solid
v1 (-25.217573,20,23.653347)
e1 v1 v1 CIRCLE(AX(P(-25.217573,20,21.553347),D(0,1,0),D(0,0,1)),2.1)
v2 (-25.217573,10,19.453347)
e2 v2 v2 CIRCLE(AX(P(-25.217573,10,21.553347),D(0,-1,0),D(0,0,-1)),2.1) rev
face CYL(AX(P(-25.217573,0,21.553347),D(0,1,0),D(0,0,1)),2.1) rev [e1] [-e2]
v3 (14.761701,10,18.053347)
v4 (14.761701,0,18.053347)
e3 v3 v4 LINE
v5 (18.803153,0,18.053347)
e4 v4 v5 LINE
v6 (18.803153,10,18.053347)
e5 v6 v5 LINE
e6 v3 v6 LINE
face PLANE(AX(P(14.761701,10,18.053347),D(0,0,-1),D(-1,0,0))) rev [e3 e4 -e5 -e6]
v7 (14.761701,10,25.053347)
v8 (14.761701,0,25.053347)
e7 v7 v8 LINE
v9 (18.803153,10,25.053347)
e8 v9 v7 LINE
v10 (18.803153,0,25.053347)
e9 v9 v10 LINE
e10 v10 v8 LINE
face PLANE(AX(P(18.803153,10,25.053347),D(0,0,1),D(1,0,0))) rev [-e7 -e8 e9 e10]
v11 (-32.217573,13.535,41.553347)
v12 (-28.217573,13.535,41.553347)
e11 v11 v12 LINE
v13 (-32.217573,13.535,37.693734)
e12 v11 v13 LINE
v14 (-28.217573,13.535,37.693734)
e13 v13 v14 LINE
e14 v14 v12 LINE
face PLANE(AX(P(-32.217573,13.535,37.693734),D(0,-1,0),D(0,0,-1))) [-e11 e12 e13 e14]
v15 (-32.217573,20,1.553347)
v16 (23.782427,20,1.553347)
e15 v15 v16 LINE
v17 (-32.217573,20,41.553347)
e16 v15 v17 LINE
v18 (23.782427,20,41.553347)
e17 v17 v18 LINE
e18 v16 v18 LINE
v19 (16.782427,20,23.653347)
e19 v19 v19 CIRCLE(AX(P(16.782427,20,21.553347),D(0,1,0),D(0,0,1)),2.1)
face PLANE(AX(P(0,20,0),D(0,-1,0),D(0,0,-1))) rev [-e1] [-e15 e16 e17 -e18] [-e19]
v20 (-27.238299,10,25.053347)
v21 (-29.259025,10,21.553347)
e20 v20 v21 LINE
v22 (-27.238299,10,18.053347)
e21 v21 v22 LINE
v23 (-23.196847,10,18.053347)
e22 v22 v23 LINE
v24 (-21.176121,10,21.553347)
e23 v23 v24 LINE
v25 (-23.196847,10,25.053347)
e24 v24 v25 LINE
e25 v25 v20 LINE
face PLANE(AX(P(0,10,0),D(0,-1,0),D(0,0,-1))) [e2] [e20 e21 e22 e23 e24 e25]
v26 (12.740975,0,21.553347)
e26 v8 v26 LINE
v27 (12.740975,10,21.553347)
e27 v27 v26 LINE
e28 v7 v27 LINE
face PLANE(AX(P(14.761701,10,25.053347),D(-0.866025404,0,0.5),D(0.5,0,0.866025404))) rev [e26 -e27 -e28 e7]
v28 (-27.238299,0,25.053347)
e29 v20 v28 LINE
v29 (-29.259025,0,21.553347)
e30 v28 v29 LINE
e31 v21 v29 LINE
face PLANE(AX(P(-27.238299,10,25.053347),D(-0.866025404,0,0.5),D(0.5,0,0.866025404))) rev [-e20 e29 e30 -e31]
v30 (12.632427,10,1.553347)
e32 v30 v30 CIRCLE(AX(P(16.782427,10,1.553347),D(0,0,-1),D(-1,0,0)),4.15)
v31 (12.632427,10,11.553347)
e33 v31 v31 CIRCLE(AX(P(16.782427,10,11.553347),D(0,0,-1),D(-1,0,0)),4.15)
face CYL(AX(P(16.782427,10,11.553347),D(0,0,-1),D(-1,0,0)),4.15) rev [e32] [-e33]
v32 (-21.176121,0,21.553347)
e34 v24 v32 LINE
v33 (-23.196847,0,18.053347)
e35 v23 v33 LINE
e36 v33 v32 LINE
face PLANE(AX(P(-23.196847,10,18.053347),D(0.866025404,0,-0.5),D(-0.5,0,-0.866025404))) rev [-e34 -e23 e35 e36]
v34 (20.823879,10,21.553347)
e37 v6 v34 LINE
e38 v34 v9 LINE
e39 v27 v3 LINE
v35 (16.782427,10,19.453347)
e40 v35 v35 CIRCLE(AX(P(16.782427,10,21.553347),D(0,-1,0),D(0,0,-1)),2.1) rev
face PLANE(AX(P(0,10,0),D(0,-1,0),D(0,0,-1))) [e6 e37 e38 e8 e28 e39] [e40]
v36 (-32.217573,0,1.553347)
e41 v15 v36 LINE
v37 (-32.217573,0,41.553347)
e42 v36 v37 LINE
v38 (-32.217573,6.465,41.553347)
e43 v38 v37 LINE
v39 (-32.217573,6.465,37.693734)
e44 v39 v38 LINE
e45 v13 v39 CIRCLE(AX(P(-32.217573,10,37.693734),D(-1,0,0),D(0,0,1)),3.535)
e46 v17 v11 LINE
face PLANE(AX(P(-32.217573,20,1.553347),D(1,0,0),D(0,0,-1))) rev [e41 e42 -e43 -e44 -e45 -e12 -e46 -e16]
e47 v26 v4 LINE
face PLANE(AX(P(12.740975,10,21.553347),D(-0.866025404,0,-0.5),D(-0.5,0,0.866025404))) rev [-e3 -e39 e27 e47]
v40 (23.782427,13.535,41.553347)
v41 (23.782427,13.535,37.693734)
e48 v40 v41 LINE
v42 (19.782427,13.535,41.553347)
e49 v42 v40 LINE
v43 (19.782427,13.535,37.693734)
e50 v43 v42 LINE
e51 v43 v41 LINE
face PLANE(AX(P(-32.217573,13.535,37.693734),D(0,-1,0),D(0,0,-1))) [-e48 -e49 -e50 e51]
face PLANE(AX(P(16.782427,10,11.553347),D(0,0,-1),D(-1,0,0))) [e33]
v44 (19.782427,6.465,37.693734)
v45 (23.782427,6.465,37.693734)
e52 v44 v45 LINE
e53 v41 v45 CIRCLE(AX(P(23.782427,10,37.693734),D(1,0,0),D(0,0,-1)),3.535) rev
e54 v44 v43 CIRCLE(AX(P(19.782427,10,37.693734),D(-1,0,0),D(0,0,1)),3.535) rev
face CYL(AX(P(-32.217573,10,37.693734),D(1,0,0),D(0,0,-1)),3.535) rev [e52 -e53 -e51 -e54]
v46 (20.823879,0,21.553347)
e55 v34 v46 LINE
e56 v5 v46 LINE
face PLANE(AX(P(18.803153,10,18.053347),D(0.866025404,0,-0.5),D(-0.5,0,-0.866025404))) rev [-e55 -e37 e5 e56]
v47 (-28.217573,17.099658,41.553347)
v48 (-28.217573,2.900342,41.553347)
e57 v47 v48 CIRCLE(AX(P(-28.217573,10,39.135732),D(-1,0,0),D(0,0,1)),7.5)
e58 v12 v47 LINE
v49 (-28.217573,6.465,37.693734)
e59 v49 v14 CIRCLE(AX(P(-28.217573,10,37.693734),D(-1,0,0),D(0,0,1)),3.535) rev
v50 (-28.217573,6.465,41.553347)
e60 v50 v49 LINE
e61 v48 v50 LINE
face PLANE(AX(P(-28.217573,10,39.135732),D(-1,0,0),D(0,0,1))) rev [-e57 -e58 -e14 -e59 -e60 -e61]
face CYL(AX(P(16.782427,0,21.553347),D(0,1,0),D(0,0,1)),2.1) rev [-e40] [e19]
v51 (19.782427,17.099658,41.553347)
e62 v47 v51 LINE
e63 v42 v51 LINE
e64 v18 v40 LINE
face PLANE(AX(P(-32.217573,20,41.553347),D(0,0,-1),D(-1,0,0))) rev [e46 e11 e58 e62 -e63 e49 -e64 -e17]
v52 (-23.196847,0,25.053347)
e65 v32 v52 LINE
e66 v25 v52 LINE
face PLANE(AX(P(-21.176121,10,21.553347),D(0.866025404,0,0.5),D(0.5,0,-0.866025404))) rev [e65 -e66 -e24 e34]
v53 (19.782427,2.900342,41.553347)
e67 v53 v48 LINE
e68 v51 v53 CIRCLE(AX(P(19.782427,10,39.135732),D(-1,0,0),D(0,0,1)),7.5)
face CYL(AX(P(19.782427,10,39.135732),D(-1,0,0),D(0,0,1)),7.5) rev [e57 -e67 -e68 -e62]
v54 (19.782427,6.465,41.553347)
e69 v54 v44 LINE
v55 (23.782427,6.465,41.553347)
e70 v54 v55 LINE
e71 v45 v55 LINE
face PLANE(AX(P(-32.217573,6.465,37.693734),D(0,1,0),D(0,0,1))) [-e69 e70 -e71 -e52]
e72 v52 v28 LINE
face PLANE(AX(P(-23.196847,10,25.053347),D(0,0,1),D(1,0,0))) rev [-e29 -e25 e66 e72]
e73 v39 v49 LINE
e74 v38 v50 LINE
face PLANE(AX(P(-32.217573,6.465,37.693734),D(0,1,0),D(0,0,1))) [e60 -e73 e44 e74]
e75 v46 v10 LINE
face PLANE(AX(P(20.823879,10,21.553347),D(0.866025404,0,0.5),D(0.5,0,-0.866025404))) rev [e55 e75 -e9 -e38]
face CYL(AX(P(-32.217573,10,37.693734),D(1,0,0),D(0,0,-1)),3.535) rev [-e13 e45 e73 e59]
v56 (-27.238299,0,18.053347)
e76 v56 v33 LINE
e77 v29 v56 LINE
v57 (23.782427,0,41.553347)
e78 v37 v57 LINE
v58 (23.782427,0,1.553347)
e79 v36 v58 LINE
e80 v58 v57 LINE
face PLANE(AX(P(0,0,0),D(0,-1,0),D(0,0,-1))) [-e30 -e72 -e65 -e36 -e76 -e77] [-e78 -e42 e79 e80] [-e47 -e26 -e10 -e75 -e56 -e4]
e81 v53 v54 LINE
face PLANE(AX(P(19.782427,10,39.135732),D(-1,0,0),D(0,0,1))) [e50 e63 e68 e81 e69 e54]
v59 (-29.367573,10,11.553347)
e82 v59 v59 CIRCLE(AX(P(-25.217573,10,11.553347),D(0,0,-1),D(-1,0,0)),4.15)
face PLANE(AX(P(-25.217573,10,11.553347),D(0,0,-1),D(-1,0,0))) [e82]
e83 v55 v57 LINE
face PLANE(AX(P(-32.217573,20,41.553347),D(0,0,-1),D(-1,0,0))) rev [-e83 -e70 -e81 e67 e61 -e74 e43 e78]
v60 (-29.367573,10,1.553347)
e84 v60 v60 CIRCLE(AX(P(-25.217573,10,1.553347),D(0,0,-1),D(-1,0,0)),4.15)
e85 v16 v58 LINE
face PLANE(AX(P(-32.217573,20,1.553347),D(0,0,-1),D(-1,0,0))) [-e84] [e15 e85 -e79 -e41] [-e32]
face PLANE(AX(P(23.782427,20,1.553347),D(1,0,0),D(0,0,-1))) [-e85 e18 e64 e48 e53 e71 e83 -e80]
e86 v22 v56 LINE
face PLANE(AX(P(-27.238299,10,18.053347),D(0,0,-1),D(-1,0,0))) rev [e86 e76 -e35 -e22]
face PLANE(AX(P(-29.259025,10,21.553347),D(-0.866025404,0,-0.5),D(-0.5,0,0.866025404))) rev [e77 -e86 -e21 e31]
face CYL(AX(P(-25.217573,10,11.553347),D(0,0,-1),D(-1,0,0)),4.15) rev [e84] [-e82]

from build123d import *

# Parameters (mm, degrees)
SKETCH_1_W               = 56
SKETCH_1_H               = 40
EXTRUDE_1_DEPTH          = 20
SKETCH_2_R               = 7.5
CUT_EXTRUDE_1_DEPTH      = 48
CUT_EXTRUDE_2_DEPTH      = 70.503098378
CUT_EXTRUDE_2_DEPTH_BACK = 48
SKETCH_5_R               = 4.15
CUT_EXTRUDE_3_DEPTH      = 10
SKETCH_6_R               = 2.1
CUT_EXTRUDE_4_DEPTH      = 57.255246128
CUT_EXTRUDE_5_DEPTH      = 10


with BuildPart() as part:
    # Эскиз1 → Бобышка-Вытянуть1 (new body)
    with BuildSketch(Plane(origin=(0, 0, 0), x_dir=(1, 0, 0), z_dir=(0, 1, 0))):
        with Locations((-4.217573352, -21.553347449)):
            Rectangle(SKETCH_1_W, SKETCH_1_H)
    extrude(amount=EXTRUDE_1_DEPTH)

    # Эскиз2 → Вырез-Вытянуть1 (cut)
    with BuildSketch(Plane.ZY.offset(28.217573352)):
        with Locations((39.13573239, 10)):
            Circle(SKETCH_2_R)
    extrude(amount=-CUT_EXTRUDE_1_DEPTH, mode=Mode.SUBTRACT)

    # Эскиз4 → Вырез-Вытянуть2 (cut, two sides: drawn at the far end of the back side and taken through both)
    with BuildSketch(Plane.ZY.offset(-19.782426648).offset(-CUT_EXTRUDE_2_DEPTH_BACK)):
        with BuildLine():
            Line((37.693734465, 13.535), (41.553347449, 13.535))
            Line((41.553347449, 13.535), (41.553347449, 6.465))
            Line((41.553347449, 6.465), (37.693734465, 6.465))
            ThreePointArc((37.693734465, 6.465), (34.158734465, 10), (37.693734465, 13.535))
        make_face()
    extrude(amount=CUT_EXTRUDE_2_DEPTH + CUT_EXTRUDE_2_DEPTH_BACK, mode=Mode.SUBTRACT)

    # Эскиз5 → Вырез-Вытянуть3 (cut)
    with BuildSketch(Plane(origin=(0, 0, 1.553347449), x_dir=(-1, 0, 0), z_dir=(0, 0, -1))):
        with Locations((-16.782426648, 10)):
            Circle(SKETCH_5_R)
        with Locations((25.217573352, 10)):
            Circle(SKETCH_5_R)
    extrude(amount=-CUT_EXTRUDE_3_DEPTH, mode=Mode.SUBTRACT)

    # Эскиз6 → Вырез-Вытянуть4 (cut, through all)
    with BuildSketch(Plane(origin=(0, 20, 0), x_dir=(1, 0, 0), z_dir=(0, 1, 0))):
        with Locations(Location((-25.217573352, -21.553347449, 0), (0, 0, 270))):
            Circle(SKETCH_6_R)
        with Locations(Location((16.782426648, -21.553347449, 0), (0, 0, 270))):
            Circle(SKETCH_6_R)
    extrude(amount=-CUT_EXTRUDE_4_DEPTH, mode=Mode.SUBTRACT)

    # Эскиз7 → Вырез-Вытянуть5 (cut)
    with BuildSketch(Plane.XZ):
        Polygon((-21.176121468, 21.553347449), (-23.19684741, 25.053347449), (-27.238299295, 25.053347449), (-29.259025237, 21.553347449), (-27.238299295, 18.053347449), (-23.19684741, 18.053347449), align=None)
        Polygon((20.823878532, 21.553347449), (18.80315259, 25.053347449), (14.761700705, 25.053347449), (12.740974763, 21.553347449), (14.761700705, 18.053347449), (18.80315259, 18.053347449), align=None)
    extrude(amount=-CUT_EXTRUDE_5_DEPTH, mode=Mode.SUBTRACT)


solid = part.part
